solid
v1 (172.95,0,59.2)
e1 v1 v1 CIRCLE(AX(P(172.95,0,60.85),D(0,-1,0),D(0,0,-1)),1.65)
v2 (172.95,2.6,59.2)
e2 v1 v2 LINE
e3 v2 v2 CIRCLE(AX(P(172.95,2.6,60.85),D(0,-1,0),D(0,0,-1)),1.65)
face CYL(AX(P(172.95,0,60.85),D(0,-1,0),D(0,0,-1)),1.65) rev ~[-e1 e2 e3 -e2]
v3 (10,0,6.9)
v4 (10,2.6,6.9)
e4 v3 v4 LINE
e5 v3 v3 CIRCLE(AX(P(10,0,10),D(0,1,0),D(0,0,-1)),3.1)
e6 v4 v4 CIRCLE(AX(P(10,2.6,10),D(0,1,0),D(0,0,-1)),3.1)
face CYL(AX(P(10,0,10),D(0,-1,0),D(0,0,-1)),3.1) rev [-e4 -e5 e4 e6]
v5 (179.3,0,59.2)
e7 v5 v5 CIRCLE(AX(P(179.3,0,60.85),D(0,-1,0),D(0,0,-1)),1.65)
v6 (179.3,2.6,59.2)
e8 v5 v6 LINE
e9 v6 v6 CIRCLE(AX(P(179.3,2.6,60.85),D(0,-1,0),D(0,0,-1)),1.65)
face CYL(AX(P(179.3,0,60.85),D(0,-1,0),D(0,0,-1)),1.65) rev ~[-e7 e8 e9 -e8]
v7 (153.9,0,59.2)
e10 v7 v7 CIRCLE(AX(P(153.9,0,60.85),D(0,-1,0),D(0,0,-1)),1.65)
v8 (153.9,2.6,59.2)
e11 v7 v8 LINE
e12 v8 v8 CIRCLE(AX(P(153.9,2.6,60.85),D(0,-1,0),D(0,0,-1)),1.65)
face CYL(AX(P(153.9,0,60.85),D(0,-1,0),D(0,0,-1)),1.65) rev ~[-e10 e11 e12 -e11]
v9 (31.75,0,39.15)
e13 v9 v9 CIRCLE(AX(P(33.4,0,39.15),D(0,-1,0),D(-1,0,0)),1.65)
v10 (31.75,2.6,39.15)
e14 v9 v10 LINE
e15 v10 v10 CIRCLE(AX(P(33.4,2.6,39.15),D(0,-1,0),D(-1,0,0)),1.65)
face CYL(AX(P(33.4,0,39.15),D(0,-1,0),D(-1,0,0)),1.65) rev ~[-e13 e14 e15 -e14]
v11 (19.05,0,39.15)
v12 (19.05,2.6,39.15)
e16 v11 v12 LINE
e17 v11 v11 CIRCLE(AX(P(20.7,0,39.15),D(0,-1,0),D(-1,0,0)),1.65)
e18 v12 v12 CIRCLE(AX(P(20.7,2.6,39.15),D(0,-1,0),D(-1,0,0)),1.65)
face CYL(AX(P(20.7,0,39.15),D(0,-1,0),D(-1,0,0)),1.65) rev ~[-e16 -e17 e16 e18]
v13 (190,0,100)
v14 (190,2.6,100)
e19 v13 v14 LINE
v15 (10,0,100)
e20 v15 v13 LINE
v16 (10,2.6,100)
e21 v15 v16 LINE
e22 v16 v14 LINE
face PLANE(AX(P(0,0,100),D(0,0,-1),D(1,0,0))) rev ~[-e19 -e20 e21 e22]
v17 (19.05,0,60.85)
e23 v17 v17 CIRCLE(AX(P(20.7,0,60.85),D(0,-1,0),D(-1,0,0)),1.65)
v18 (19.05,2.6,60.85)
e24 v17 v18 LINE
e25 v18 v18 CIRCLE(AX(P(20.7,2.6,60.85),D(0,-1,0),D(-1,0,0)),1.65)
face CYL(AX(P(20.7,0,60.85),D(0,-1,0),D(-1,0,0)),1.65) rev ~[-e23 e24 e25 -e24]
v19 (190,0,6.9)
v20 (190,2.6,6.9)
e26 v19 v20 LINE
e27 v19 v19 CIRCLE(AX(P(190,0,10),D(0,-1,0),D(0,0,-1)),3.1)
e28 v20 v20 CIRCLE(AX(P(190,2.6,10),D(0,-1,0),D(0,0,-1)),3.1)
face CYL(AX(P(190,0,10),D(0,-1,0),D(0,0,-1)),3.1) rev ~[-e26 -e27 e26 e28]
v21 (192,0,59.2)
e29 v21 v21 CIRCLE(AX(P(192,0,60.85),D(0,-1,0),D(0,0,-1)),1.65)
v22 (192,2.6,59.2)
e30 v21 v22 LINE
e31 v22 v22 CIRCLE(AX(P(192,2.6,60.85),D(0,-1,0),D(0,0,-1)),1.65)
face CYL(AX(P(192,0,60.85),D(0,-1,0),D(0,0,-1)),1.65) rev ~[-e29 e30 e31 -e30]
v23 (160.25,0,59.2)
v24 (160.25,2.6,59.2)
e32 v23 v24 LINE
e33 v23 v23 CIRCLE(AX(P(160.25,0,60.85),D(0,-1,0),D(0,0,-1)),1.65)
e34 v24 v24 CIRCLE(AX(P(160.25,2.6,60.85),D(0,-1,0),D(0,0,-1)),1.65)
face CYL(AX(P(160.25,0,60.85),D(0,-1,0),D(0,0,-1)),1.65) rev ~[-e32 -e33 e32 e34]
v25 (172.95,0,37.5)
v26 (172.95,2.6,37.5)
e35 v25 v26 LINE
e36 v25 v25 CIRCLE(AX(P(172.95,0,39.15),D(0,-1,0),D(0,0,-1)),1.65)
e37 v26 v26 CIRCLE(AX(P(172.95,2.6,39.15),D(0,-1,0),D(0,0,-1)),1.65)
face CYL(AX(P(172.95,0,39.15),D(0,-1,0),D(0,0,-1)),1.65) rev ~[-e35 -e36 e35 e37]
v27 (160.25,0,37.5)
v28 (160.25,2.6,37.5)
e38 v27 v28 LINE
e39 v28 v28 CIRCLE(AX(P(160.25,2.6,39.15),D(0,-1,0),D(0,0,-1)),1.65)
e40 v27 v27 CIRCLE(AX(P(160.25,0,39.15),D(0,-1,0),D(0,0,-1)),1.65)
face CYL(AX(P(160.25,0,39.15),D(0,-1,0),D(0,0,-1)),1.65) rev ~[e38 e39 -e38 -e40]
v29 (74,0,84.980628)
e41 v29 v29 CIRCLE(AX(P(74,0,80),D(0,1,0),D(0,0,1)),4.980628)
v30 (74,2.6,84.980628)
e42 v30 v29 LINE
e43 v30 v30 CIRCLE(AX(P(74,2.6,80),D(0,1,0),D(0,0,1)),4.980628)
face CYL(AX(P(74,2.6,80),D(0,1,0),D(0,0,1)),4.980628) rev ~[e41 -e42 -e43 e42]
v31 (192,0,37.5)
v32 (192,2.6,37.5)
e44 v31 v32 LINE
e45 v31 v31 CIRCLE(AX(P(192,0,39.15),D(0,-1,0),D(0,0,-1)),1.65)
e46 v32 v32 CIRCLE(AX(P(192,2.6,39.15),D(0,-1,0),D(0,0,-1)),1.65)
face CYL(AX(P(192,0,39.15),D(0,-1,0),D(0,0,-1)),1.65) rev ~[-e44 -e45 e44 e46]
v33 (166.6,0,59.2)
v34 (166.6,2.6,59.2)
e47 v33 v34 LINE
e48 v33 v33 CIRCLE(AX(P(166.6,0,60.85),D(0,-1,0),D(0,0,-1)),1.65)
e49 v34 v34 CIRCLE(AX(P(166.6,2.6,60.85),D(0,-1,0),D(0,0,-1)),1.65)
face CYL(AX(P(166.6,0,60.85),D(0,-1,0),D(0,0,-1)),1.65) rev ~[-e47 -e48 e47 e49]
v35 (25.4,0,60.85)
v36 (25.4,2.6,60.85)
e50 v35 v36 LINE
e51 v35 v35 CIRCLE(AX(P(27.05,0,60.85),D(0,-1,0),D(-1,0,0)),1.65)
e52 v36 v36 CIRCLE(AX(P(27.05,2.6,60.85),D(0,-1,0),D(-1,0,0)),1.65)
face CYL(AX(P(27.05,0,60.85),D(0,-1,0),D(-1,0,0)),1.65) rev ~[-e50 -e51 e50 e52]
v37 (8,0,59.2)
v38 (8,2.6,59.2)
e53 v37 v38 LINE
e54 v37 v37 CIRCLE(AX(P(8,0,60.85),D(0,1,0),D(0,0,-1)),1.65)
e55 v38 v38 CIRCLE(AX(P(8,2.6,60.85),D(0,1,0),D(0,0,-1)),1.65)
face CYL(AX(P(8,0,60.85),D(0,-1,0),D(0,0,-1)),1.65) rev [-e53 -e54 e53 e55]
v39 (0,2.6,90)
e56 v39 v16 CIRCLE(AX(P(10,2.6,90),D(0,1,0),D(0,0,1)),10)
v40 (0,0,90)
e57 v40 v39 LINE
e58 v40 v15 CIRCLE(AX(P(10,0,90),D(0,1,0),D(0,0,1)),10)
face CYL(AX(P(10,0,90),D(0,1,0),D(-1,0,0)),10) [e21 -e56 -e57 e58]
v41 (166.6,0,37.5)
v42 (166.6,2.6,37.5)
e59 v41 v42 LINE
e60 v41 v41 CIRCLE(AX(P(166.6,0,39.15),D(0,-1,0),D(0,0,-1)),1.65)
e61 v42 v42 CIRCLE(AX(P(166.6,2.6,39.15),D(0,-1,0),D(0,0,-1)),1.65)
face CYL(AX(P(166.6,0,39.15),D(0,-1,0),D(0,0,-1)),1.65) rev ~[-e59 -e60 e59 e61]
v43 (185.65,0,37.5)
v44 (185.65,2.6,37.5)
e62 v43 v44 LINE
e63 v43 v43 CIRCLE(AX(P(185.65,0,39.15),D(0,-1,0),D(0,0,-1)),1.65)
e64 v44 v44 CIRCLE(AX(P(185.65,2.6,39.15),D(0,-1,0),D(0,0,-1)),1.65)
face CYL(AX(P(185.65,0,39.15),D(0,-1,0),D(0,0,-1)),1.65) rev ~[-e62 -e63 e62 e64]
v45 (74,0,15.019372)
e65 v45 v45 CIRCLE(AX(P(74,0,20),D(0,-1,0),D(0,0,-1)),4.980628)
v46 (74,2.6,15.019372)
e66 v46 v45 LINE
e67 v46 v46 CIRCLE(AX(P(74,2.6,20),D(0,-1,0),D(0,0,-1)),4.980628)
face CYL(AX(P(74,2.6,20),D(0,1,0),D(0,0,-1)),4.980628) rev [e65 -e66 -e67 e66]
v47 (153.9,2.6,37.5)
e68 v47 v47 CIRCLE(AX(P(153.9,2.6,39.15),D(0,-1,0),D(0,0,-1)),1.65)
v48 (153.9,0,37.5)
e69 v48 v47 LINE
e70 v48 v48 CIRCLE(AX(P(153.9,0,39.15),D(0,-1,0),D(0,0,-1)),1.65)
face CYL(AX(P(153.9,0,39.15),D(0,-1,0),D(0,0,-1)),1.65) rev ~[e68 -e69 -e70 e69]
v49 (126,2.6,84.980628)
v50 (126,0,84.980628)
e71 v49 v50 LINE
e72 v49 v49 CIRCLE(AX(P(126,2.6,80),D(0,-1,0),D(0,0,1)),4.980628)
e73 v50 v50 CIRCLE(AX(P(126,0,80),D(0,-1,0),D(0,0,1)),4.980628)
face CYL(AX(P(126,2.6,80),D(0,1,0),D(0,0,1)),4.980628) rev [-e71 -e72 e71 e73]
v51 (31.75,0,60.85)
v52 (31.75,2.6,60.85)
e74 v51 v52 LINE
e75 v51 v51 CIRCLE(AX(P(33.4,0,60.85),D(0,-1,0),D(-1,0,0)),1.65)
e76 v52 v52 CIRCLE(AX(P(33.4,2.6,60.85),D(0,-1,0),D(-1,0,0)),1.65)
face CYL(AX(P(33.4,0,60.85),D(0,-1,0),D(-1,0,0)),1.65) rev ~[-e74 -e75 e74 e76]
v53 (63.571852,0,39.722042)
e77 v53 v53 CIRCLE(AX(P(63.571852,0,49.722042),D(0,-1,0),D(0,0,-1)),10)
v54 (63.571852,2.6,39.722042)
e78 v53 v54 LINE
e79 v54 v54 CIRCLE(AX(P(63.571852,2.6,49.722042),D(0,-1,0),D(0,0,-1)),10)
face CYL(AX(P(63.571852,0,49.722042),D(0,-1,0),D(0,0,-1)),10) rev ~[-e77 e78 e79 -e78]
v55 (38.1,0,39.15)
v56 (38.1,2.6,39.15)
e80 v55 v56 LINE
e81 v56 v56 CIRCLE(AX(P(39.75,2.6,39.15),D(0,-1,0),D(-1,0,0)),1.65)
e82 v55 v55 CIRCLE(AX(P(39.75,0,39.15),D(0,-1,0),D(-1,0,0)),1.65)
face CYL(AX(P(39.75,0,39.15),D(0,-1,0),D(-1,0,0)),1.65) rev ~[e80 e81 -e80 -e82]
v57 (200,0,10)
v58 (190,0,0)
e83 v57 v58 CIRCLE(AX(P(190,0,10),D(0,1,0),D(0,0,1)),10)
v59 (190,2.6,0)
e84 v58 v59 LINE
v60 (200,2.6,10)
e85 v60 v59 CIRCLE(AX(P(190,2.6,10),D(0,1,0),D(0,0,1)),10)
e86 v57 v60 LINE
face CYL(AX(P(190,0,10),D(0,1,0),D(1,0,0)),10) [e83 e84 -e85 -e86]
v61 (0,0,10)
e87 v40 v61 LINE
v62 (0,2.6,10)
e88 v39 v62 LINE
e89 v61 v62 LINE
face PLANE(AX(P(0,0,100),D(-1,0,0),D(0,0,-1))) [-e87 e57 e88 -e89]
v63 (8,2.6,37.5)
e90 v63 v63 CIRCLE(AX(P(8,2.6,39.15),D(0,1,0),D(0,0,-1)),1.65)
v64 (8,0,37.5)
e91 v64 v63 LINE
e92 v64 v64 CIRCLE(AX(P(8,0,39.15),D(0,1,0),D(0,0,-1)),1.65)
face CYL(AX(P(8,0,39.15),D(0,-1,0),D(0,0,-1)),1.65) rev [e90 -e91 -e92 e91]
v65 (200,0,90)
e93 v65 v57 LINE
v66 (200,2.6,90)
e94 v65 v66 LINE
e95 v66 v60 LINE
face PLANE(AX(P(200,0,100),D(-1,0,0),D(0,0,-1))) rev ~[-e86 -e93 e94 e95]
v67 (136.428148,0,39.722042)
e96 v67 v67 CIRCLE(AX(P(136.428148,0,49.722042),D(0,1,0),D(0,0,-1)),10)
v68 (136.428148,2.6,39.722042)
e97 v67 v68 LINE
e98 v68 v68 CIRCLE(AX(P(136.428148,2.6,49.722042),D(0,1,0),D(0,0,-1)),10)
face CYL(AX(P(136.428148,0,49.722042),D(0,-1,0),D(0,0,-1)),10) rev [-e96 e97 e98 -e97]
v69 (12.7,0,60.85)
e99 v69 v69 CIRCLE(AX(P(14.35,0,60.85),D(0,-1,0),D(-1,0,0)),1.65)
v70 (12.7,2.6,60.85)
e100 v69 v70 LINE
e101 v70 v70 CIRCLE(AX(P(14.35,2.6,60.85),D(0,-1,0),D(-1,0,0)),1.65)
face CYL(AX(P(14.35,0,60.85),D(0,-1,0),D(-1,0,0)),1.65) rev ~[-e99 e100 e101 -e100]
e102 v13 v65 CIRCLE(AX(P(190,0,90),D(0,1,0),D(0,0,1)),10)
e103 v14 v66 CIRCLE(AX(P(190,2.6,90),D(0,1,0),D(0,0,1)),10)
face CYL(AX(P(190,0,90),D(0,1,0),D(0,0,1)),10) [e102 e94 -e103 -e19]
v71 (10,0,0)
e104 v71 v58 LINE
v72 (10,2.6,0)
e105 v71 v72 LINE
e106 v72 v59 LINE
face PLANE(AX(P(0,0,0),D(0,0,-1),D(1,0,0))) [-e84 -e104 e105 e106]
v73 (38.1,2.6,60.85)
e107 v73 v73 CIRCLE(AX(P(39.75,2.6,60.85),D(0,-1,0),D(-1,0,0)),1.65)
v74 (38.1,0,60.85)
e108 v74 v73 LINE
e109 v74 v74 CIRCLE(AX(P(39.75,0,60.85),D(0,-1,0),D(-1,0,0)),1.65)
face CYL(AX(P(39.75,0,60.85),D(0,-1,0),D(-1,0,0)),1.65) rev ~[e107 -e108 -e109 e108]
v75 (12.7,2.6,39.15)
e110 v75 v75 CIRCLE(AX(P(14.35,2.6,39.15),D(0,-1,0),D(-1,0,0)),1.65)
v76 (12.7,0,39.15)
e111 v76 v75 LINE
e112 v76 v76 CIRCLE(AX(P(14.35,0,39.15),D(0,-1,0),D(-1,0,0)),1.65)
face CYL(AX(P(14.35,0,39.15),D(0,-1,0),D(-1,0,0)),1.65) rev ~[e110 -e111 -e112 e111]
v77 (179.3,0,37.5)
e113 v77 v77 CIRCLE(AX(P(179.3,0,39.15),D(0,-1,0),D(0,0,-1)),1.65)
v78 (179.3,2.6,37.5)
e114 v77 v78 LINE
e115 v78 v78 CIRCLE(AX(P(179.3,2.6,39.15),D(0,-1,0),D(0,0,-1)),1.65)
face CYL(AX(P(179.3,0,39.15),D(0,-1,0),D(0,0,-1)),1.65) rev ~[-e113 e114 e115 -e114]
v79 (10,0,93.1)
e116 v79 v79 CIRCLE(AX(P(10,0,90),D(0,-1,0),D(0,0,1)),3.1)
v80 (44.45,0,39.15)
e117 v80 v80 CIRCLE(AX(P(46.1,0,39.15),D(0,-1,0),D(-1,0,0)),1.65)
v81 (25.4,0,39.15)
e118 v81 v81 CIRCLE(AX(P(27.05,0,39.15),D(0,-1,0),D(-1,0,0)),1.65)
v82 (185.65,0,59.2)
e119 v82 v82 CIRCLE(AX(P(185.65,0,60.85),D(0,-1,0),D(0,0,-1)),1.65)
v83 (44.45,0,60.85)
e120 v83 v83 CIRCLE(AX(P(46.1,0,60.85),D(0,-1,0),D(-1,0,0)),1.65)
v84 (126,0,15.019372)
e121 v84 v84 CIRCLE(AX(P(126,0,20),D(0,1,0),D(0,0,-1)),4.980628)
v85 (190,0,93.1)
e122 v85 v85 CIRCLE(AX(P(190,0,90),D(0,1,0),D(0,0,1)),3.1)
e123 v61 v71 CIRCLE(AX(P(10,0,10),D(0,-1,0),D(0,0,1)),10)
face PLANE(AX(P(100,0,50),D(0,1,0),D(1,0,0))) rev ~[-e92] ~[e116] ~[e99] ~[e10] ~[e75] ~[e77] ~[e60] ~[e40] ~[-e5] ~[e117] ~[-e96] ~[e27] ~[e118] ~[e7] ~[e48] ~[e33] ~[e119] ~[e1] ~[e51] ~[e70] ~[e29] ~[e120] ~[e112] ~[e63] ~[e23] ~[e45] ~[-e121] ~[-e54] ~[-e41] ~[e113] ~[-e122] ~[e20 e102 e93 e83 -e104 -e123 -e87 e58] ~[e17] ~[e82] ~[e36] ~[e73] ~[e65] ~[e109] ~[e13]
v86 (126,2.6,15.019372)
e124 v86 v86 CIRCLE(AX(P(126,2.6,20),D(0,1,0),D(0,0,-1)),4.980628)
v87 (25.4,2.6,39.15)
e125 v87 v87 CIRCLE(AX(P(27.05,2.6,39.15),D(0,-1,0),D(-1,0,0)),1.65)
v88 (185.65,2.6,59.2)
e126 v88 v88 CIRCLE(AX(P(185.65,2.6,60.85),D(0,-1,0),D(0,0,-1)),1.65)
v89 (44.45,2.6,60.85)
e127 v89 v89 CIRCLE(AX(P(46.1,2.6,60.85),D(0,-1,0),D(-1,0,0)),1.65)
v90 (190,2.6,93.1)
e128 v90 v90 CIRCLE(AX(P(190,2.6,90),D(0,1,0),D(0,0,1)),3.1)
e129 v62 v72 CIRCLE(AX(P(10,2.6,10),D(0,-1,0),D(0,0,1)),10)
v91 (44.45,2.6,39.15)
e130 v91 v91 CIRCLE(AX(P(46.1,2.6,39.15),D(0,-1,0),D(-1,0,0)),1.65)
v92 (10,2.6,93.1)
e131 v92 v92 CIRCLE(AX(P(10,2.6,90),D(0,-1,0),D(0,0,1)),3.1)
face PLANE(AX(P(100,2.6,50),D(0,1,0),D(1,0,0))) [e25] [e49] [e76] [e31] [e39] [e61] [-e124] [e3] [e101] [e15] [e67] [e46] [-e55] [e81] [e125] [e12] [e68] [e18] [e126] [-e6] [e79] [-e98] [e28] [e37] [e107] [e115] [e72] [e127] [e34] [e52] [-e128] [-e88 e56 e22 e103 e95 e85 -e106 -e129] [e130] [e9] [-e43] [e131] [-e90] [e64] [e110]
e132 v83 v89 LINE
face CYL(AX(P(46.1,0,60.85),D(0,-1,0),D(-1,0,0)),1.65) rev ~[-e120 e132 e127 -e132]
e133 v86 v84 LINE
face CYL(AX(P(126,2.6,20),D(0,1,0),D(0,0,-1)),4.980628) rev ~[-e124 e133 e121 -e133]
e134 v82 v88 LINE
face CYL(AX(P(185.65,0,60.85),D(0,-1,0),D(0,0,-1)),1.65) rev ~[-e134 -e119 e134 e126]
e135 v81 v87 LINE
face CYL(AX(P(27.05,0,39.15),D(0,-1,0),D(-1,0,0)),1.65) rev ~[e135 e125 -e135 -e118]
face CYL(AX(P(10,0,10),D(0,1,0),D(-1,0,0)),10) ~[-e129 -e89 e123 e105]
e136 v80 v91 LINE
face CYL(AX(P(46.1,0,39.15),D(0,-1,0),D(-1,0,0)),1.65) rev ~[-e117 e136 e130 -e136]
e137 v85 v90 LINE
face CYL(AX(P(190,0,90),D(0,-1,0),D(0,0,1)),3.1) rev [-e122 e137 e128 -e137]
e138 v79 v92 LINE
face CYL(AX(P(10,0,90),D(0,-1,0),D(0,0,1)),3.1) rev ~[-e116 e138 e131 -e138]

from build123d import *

# Parameters (mm, degrees)
SKETCH1_W               = 200
SKETCH1_H               = 100
BOSS_EXTRUDE1_DEPTH     = 2.6
FILLET1_R               = 10
SKETCH8_R               = 1.65
CUT_EXTRUDE4_DEPTH      = 2.6
LPATTERN1_COUNT         = 7
LPATTERN1_PITCH         = 6.35
MIRROR1_COPY_1_SKETCH_R = 1.65
MIRROR1_COPY_1_DEPTH    = 2.6
MIRROR1_COPY_2_SKETCH_R = 1.65
MIRROR1_COPY_2_DEPTH    = 2.6
MIRROR1_COPY_3_SKETCH_R = 1.65
MIRROR1_COPY_3_DEPTH    = 2.6
MIRROR1_COPY_4_SKETCH_R = 1.65
MIRROR1_COPY_4_DEPTH    = 2.6
MIRROR1_COPY_5_SKETCH_R = 1.65
MIRROR1_COPY_5_DEPTH    = 2.6
MIRROR1_COPY_6_SKETCH_R = 1.65
MIRROR1_COPY_6_DEPTH    = 2.6
SKETCH6_R               = 3.1
CUT_EXTRUDE6_DEPTH      = 2.6
MIRROR6_COPY_1_SKETCH_R = 3.1
MIRROR6_COPY_1_DEPTH    = 2.6
SKETCH13_R              = 4.980627928
CUT_EXTRUDE7_DEPTH      = 2.6
MIRROR8_COPY_1_SKETCH_R = 4.980627928
MIRROR8_COPY_1_DEPTH    = 2.6
SKETCH15_R              = 10
CUT_EXTRUDE8_DEPTH      = 2.6


with BuildPart() as part:
    # Sketch1 → Boss-Extrude1 (new body)
    with BuildSketch(Plane(origin=(0, 0, 0), x_dir=(1, 0, 0), z_dir=(0, 1, 0))):
        with Locations((100, -50)):
            Rectangle(SKETCH1_W, SKETCH1_H)
    extrude(amount=BOSS_EXTRUDE1_DEPTH)

    # Fillet1
    fillet1_edges = [part.edges().sort_by_distance(p)[0] for p in [
        (0, 1.3, 0),
        (200, 1.3, 0),
        (200, 1.3, 100),
        (0, 1.3, 100),
    ]]
    fillet(fillet1_edges, radius=FILLET1_R)

    # Sketch8 → Cut-Extrude4 (cut)
    with BuildSketch(Plane.XZ):
        with Locations(Location((192, 60.85, 0), (0, 0, 270))):
            Circle(SKETCH8_R)
        with Locations(Location((192, 39.15, 0), (0, 0, 270))):
            Circle(SKETCH8_R)
    cut_extrude4 = extrude(amount=-CUT_EXTRUDE4_DEPTH, mode=Mode.SUBTRACT)

    # LPattern1: Cut-Extrude4 ×7
    with Locations(*[(-i * LPATTERN1_PITCH, 0, 0) for i in range(1, LPATTERN1_COUNT)]):
        add(cut_extrude4, mode=Mode.SUBTRACT)

    # Mirror1: Cut-Extrude4 across plane
    add(cut_extrude4.mirror(Plane(origin=(100, 0, 0), x_dir=(0, 0, 1), z_dir=(1, 0, 0))), mode=Mode.SUBTRACT)

    # Mirror1 copy 1 sketch → Mirror1 copy 1 (cut)
    with BuildSketch(Plane(origin=(206.35, 0, 0), x_dir=(-1, 0, 0), z_dir=(0, -1, 0))):
        with Locations((192, -60.85)):
            Circle(MIRROR1_COPY_1_SKETCH_R)
        with Locations((192, -39.15)):
            Circle(MIRROR1_COPY_1_SKETCH_R)
    extrude(amount=-MIRROR1_COPY_1_DEPTH, mode=Mode.SUBTRACT)

    # Mirror1 copy 2 sketch → Mirror1 copy 2 (cut)
    with BuildSketch(Plane(origin=(212.7, 0, 0), x_dir=(-1, 0, 0), z_dir=(0, -1, 0))):
        with Locations((192, -60.85)):
            Circle(MIRROR1_COPY_2_SKETCH_R)
        with Locations((192, -39.15)):
            Circle(MIRROR1_COPY_2_SKETCH_R)
    extrude(amount=-MIRROR1_COPY_2_DEPTH, mode=Mode.SUBTRACT)

    # Mirror1 copy 3 sketch → Mirror1 copy 3 (cut)
    with BuildSketch(Plane(origin=(219.05, 0, 0), x_dir=(-1, 0, 0), z_dir=(0, -1, 0))):
        with Locations((192, -60.85)):
            Circle(MIRROR1_COPY_3_SKETCH_R)
        with Locations((192, -39.15)):
            Circle(MIRROR1_COPY_3_SKETCH_R)
    extrude(amount=-MIRROR1_COPY_3_DEPTH, mode=Mode.SUBTRACT)

    # Mirror1 copy 4 sketch → Mirror1 copy 4 (cut)
    with BuildSketch(Plane(origin=(225.4, 0, 0), x_dir=(-1, 0, 0), z_dir=(0, -1, 0))):
        with Locations((192, -60.85)):
            Circle(MIRROR1_COPY_4_SKETCH_R)
        with Locations((192, -39.15)):
            Circle(MIRROR1_COPY_4_SKETCH_R)
    extrude(amount=-MIRROR1_COPY_4_DEPTH, mode=Mode.SUBTRACT)

    # Mirror1 copy 5 sketch → Mirror1 copy 5 (cut)
    with BuildSketch(Plane(origin=(231.75, 0, 0), x_dir=(-1, 0, 0), z_dir=(0, -1, 0))):
        with Locations((192, -60.85)):
            Circle(MIRROR1_COPY_5_SKETCH_R)
        with Locations((192, -39.15)):
            Circle(MIRROR1_COPY_5_SKETCH_R)
    extrude(amount=-MIRROR1_COPY_5_DEPTH, mode=Mode.SUBTRACT)

    # Mirror1 copy 6 sketch → Mirror1 copy 6 (cut)
    with BuildSketch(Plane(origin=(238.1, 0, 0), x_dir=(-1, 0, 0), z_dir=(0, -1, 0))):
        with Locations((192, -60.85)):
            Circle(MIRROR1_COPY_6_SKETCH_R)
        with Locations((192, -39.15)):
            Circle(MIRROR1_COPY_6_SKETCH_R)
    extrude(amount=-MIRROR1_COPY_6_DEPTH, mode=Mode.SUBTRACT)

    # Sketch6 → Cut-Extrude6 (cut)
    with BuildSketch(Plane.XZ):
        with Locations(Location((190, 10, 0), (0, 0, 270))):
            Circle(SKETCH6_R)
    cut_extrude6 = extrude(amount=-CUT_EXTRUDE6_DEPTH, mode=Mode.SUBTRACT)

    # Mirror5: Cut-Extrude6 across plane
    add(cut_extrude6.mirror(Plane(origin=(100, 0, 0), x_dir=(0, 0, 1), z_dir=(1, 0, 0))), mode=Mode.SUBTRACT)

    # Mirror6: Cut-Extrude6 across plane
    add(cut_extrude6.mirror(Plane.XY.offset(50)), mode=Mode.SUBTRACT)

    # Mirror6 copy 1 sketch → Mirror6 copy 1 (cut)
    with BuildSketch(Plane(origin=(200, 0, 100), x_dir=(-1, 0, 0), z_dir=(0, -1, 0))):
        with Locations(Location((190, 10, 0), (0, 0, 270))):
            Circle(MIRROR6_COPY_1_SKETCH_R)
    extrude(amount=-MIRROR6_COPY_1_DEPTH, mode=Mode.SUBTRACT)

    # Sketch13 → Cut-Extrude7 (cut)
    with BuildSketch(Plane(origin=(0, 2.6, 0), x_dir=(1, 0, 0), z_dir=(0, 1, 0))):
        with Locations(Location((74, -80, 0), (0, 0, 270))):
            Circle(SKETCH13_R)
    cut_extrude7 = extrude(amount=-CUT_EXTRUDE7_DEPTH, mode=Mode.SUBTRACT)

    # Mirror7: Cut-Extrude7 across plane
    add(cut_extrude7.mirror(Plane.XY.offset(50)), mode=Mode.SUBTRACT)

    # Mirror8: Cut-Extrude7 across plane
    add(cut_extrude7.mirror(Plane(origin=(100, 0, 0), x_dir=(0, 0, 1), z_dir=(1, 0, 0))), mode=Mode.SUBTRACT)

    # Mirror8 copy 1 sketch → Mirror8 copy 1 (cut)
    with BuildSketch(Plane(origin=(200, 2.6, 100), x_dir=(-1, 0, 0), z_dir=(0, 1, 0))):
        with Locations(Location((74, -80, 0), (0, 0, 270))):
            Circle(MIRROR8_COPY_1_SKETCH_R)
    extrude(amount=-MIRROR8_COPY_1_DEPTH, mode=Mode.SUBTRACT)

    # Sketch15 → Cut-Extrude8 (cut)
    with BuildSketch(Plane.XZ):
        with Locations(Location((63.571852265, 49.722041857, 0), (0, 0, 270))):
            Circle(SKETCH15_R)
    cut_extrude8 = extrude(amount=-CUT_EXTRUDE8_DEPTH, mode=Mode.SUBTRACT)

    # Mirror9: Cut-Extrude8 across plane
    add(cut_extrude8.mirror(Plane(origin=(100, 0, 0), x_dir=(0, 0, 1), z_dir=(1, 0, 0))), mode=Mode.SUBTRACT)


solid = part.part
